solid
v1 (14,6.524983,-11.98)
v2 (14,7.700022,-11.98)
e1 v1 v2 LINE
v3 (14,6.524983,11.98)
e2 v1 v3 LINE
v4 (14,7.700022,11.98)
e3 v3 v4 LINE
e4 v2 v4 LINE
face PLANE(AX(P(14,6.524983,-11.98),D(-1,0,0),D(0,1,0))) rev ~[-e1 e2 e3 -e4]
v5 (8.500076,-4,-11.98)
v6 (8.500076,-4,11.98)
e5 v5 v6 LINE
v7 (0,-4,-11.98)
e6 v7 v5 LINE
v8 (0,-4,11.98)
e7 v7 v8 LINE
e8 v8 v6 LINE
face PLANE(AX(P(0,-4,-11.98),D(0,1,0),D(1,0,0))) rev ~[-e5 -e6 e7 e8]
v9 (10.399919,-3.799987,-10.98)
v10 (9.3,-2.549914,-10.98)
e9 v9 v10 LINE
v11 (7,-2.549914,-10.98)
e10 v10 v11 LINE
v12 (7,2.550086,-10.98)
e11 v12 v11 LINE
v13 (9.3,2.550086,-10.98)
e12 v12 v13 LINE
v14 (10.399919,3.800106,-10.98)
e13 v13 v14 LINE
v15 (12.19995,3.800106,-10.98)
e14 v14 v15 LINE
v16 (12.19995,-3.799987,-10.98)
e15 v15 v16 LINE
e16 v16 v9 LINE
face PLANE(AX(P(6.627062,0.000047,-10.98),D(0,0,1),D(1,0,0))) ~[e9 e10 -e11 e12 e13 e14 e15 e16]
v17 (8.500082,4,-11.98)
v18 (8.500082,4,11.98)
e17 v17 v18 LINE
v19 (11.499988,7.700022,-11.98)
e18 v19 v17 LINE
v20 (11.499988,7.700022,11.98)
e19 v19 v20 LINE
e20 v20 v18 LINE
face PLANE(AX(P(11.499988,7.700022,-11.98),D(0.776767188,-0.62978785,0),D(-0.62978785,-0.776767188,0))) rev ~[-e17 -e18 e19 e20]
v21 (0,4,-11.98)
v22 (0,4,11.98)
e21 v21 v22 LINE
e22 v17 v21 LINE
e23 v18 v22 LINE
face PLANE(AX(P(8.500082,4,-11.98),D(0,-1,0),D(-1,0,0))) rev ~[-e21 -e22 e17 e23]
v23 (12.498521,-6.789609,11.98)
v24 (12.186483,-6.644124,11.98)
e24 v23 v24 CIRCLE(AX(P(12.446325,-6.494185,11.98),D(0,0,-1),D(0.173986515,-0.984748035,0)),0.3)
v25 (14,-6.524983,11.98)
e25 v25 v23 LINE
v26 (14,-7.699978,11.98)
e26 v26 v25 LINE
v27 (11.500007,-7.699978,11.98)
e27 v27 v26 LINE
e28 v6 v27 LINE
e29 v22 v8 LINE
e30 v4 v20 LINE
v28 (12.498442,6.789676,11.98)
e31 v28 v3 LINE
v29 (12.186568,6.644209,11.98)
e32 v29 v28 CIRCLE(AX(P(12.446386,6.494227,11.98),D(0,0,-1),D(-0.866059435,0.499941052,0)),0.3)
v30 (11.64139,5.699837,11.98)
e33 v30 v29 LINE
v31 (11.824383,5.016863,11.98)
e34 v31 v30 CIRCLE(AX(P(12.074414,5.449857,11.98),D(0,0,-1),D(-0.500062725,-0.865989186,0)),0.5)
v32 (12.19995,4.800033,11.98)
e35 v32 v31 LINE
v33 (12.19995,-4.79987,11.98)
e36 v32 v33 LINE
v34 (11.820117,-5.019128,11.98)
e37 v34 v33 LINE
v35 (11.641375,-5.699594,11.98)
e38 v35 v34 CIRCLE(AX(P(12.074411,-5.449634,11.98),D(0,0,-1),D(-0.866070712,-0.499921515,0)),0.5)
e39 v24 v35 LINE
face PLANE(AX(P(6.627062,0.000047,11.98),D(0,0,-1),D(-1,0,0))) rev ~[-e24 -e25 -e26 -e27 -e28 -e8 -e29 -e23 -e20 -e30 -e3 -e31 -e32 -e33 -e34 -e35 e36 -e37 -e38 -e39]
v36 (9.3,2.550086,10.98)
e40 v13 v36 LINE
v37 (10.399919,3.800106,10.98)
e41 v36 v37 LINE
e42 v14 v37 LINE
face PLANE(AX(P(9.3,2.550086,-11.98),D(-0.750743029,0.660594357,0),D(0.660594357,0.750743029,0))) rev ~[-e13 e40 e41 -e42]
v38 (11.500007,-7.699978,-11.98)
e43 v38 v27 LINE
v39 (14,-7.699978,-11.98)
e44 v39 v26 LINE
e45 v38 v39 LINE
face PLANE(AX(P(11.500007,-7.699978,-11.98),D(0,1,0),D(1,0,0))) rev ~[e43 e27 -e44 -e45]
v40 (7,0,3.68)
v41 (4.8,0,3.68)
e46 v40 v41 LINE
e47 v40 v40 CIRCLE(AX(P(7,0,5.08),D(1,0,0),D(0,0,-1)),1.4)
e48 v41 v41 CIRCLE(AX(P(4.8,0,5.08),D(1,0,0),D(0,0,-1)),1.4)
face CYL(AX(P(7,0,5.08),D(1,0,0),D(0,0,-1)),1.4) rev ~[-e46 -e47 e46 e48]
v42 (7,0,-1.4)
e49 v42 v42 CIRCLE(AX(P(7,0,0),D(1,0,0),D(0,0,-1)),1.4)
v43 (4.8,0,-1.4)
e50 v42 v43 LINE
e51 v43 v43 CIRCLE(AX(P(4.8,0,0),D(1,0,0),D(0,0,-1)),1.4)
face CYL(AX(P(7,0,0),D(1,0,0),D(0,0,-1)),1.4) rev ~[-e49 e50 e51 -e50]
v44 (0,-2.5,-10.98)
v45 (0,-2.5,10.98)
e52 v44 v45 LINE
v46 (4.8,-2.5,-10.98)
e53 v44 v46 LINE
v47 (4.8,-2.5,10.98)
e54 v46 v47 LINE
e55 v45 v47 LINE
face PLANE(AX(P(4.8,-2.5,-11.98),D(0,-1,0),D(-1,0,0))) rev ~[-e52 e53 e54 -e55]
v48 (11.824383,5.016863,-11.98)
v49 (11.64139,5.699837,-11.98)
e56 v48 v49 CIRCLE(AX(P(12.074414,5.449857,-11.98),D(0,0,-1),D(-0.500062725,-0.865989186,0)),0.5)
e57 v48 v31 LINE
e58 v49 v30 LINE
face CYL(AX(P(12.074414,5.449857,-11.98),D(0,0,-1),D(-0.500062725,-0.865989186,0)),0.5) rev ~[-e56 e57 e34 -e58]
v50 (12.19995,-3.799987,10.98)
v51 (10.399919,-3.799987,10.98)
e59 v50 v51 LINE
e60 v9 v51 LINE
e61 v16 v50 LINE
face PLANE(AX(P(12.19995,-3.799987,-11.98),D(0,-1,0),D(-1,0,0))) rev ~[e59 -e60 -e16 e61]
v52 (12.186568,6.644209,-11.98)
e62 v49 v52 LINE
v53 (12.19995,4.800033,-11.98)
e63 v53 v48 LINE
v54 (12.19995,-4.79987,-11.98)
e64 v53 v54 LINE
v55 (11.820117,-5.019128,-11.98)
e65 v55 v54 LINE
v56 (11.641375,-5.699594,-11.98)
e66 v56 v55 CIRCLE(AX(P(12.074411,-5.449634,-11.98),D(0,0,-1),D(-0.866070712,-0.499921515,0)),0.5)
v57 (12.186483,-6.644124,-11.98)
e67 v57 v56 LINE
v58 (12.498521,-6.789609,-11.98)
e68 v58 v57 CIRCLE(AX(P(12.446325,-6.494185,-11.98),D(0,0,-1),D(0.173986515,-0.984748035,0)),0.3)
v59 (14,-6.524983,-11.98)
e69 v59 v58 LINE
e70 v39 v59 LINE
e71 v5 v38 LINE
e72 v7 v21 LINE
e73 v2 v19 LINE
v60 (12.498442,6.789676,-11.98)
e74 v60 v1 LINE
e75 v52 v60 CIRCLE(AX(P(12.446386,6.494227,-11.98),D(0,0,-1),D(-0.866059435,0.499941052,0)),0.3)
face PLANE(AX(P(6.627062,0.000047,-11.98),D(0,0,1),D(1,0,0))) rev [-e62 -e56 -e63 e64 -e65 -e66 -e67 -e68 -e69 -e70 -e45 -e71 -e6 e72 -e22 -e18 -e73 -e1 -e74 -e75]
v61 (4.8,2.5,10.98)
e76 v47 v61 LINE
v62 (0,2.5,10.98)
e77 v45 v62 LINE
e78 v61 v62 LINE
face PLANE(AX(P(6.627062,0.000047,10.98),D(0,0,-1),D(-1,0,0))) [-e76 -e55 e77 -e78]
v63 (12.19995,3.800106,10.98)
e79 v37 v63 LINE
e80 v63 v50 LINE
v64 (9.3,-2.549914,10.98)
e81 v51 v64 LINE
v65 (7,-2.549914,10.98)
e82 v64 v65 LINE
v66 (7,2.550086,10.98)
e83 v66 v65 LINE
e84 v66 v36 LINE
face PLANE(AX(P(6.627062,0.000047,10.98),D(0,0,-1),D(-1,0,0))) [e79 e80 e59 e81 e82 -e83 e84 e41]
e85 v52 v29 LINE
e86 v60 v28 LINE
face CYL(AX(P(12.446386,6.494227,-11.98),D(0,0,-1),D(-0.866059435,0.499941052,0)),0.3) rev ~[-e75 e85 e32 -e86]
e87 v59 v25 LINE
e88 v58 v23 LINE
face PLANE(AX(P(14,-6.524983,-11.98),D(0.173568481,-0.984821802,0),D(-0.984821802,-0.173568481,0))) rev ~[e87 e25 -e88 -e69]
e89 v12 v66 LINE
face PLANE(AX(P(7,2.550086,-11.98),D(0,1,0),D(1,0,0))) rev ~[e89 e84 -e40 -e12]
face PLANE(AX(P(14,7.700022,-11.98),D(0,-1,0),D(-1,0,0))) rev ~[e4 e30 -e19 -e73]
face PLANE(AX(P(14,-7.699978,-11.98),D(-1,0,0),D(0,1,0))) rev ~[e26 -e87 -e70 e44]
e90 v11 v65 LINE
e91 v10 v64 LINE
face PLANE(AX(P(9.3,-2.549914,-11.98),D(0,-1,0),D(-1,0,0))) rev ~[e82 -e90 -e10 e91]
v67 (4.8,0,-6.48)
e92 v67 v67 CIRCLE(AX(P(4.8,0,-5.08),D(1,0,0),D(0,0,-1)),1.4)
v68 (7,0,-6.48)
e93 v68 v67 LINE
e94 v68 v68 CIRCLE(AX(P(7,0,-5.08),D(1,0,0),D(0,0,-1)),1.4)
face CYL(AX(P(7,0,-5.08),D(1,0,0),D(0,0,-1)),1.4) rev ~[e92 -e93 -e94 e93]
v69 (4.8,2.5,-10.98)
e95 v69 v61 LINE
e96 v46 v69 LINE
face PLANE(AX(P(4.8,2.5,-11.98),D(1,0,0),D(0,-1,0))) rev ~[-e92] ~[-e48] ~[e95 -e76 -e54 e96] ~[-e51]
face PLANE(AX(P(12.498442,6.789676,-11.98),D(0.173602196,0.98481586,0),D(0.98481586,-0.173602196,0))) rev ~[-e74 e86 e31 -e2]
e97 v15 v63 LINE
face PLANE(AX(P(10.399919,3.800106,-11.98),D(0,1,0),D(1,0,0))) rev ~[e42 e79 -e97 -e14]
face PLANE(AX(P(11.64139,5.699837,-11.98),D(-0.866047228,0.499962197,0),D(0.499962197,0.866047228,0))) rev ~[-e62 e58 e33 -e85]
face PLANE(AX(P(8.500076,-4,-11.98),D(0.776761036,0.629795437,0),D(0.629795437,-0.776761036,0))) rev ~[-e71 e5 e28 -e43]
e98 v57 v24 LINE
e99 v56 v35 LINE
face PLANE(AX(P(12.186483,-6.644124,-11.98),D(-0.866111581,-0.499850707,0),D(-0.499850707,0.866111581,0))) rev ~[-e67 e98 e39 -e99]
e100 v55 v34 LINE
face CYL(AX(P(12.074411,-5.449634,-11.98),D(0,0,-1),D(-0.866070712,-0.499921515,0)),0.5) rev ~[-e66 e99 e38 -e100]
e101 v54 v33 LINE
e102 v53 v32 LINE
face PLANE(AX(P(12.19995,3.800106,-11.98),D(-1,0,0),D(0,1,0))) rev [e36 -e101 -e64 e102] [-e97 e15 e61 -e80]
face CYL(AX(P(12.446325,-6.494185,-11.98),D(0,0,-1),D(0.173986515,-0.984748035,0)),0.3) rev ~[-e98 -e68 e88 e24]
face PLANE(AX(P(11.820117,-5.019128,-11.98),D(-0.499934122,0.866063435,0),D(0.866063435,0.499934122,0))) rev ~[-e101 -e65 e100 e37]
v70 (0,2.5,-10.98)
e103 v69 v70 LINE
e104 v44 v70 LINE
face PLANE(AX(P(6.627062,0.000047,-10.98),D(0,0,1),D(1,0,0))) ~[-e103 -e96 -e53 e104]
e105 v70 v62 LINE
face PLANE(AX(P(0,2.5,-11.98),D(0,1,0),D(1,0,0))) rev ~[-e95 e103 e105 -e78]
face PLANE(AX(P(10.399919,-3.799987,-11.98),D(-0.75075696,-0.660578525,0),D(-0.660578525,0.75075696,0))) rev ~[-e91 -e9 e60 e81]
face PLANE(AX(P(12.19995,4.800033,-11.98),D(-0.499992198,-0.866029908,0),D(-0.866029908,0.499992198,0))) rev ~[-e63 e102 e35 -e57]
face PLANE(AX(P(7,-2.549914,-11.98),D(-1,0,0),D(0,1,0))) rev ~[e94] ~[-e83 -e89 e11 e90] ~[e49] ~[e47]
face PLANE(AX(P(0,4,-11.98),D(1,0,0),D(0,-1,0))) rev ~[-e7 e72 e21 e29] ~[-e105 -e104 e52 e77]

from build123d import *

# Parameters (mm, degrees)
BOSS_EXTRU_1_DEPTH      = 11.98
BOSS_EXTRU_1_DEPTH_BACK = 11.98
BOSS_EXTRU_2_DEPTH      = 1
ESQUISSE3_R             = 1.4
ENL_V_MAT_EXTRU_1_DEPTH = 16.868545408


with BuildPart() as part:
    # Esquisse1 → Boss.-Extru.1 (new, two sides: drawn at the far end of the back side and taken through both)
    with BuildSketch(Plane.XY.offset(-BOSS_EXTRU_1_DEPTH_BACK)):
        with BuildLine():
            Line((0, 4), (0, 2.5))
            Line((0, 2.5), (4.8, 2.5))
            Line((4.8, 2.5), (4.8, -2.5))
            Line((4.8, -2.5), (0, -2.5))
            Line((0, -2.5), (0, -4))
            Line((0, -4), (8.500076, -4))
            Line((8.500076, -4), (11.500006965, -7.699978353))
            Line((11.500006965, -7.699978353), (14, -7.699978353))
            Line((14, -7.699978353), (14, -6.524983133))
            Line((14, -6.524983133), (12.498521064, -6.789609096))
            ThreePointArc((12.498521064, -6.789609096), (12.319554673, -6.766083995), (12.186482634, -6.644124034))
            Line((12.186482634, -6.644124034), (11.641375242, -5.699594361))
            ThreePointArc((11.641375242, -5.699594361), (11.590815941, -5.322605229), (11.820116831, -5.019128457))
            Line((11.820116831, -5.019128457), (12.19995, -4.799870197))
            Line((12.19995, -4.799870197), (12.19995, -3.799987301))
            Line((12.19995, -3.799987301), (10.399918669, -3.799987301))
            Line((10.399918669, -3.799987301), (9.3, -2.549913972))
            Line((9.3, -2.549913972), (7, -2.549913972))
            Line((7, -2.549913972), (7, 2.550086028))
            Line((7, 2.550086028), (9.3, 2.550086028))
            Line((9.3, 2.550086028), (10.399918669, 3.800106202))
            Line((10.399918669, 3.800106202), (12.19995, 3.800106202))
            Line((12.19995, 3.800106202), (12.19995, 4.800033133))
            Line((12.19995, 4.800033133), (11.824382637, 5.01686254))
            ThreePointArc((11.824382637, 5.01686254), (11.591449393, 5.320453932), (11.641389736, 5.699837105))
            Line((11.641389736, 5.699837105), (12.186568343, 6.644209348))
            ThreePointArc((12.186568343, 6.644209348), (12.319573629, 6.766106706), (12.4984419, 6.789676051))
            Line((12.4984419, 6.789676051), (14, 6.524983133))
            Line((14, 6.524983133), (14, 7.700021647))
            Line((14, 7.700021647), (11.499988165, 7.700021647))
            Line((11.499988165, 7.700021647), (8.500082, 4))
            Line((8.500082, 4), (0, 4))
        make_face()
    extrude(amount=BOSS_EXTRU_1_DEPTH + BOSS_EXTRU_1_DEPTH_BACK)

    # Esquisse4 → Boss.-Extru.2 (add)
    with BuildSketch(Plane.XY.offset(11.98)):
        Polygon((10.399918669, 3.800106202), (12.19995, 3.800106202), (12.19995, -3.799987301), (10.399918669, -3.799987301), (9.3, -2.549913972), (7, -2.549913972), (0, -2.5), (0, 2.5), (7, 2.550086028), (9.3, 2.550086028), align=None)
    boss_extru_2 = extrude(amount=-BOSS_EXTRU_2_DEPTH)

    # Symétrie1: Boss.-Extru.2 across plane
    add(boss_extru_2.mirror(Plane.XY))

    # Esquisse3 → Enlèv. mat.-Extru.1 (cut, through all)
    with BuildSketch(Plane(origin=(7, 0, 0), x_dir=(0, 0, -1), z_dir=(1, 0, 0))):
        Circle(ESQUISSE3_R)
        with Locations((-5.08, 0)):
            Circle(ESQUISSE3_R)
        with Locations((5.08, 0)):
            Circle(ESQUISSE3_R)
    extrude(amount=-ENL_V_MAT_EXTRU_1_DEPTH, mode=Mode.SUBTRACT)


solid = part.part
